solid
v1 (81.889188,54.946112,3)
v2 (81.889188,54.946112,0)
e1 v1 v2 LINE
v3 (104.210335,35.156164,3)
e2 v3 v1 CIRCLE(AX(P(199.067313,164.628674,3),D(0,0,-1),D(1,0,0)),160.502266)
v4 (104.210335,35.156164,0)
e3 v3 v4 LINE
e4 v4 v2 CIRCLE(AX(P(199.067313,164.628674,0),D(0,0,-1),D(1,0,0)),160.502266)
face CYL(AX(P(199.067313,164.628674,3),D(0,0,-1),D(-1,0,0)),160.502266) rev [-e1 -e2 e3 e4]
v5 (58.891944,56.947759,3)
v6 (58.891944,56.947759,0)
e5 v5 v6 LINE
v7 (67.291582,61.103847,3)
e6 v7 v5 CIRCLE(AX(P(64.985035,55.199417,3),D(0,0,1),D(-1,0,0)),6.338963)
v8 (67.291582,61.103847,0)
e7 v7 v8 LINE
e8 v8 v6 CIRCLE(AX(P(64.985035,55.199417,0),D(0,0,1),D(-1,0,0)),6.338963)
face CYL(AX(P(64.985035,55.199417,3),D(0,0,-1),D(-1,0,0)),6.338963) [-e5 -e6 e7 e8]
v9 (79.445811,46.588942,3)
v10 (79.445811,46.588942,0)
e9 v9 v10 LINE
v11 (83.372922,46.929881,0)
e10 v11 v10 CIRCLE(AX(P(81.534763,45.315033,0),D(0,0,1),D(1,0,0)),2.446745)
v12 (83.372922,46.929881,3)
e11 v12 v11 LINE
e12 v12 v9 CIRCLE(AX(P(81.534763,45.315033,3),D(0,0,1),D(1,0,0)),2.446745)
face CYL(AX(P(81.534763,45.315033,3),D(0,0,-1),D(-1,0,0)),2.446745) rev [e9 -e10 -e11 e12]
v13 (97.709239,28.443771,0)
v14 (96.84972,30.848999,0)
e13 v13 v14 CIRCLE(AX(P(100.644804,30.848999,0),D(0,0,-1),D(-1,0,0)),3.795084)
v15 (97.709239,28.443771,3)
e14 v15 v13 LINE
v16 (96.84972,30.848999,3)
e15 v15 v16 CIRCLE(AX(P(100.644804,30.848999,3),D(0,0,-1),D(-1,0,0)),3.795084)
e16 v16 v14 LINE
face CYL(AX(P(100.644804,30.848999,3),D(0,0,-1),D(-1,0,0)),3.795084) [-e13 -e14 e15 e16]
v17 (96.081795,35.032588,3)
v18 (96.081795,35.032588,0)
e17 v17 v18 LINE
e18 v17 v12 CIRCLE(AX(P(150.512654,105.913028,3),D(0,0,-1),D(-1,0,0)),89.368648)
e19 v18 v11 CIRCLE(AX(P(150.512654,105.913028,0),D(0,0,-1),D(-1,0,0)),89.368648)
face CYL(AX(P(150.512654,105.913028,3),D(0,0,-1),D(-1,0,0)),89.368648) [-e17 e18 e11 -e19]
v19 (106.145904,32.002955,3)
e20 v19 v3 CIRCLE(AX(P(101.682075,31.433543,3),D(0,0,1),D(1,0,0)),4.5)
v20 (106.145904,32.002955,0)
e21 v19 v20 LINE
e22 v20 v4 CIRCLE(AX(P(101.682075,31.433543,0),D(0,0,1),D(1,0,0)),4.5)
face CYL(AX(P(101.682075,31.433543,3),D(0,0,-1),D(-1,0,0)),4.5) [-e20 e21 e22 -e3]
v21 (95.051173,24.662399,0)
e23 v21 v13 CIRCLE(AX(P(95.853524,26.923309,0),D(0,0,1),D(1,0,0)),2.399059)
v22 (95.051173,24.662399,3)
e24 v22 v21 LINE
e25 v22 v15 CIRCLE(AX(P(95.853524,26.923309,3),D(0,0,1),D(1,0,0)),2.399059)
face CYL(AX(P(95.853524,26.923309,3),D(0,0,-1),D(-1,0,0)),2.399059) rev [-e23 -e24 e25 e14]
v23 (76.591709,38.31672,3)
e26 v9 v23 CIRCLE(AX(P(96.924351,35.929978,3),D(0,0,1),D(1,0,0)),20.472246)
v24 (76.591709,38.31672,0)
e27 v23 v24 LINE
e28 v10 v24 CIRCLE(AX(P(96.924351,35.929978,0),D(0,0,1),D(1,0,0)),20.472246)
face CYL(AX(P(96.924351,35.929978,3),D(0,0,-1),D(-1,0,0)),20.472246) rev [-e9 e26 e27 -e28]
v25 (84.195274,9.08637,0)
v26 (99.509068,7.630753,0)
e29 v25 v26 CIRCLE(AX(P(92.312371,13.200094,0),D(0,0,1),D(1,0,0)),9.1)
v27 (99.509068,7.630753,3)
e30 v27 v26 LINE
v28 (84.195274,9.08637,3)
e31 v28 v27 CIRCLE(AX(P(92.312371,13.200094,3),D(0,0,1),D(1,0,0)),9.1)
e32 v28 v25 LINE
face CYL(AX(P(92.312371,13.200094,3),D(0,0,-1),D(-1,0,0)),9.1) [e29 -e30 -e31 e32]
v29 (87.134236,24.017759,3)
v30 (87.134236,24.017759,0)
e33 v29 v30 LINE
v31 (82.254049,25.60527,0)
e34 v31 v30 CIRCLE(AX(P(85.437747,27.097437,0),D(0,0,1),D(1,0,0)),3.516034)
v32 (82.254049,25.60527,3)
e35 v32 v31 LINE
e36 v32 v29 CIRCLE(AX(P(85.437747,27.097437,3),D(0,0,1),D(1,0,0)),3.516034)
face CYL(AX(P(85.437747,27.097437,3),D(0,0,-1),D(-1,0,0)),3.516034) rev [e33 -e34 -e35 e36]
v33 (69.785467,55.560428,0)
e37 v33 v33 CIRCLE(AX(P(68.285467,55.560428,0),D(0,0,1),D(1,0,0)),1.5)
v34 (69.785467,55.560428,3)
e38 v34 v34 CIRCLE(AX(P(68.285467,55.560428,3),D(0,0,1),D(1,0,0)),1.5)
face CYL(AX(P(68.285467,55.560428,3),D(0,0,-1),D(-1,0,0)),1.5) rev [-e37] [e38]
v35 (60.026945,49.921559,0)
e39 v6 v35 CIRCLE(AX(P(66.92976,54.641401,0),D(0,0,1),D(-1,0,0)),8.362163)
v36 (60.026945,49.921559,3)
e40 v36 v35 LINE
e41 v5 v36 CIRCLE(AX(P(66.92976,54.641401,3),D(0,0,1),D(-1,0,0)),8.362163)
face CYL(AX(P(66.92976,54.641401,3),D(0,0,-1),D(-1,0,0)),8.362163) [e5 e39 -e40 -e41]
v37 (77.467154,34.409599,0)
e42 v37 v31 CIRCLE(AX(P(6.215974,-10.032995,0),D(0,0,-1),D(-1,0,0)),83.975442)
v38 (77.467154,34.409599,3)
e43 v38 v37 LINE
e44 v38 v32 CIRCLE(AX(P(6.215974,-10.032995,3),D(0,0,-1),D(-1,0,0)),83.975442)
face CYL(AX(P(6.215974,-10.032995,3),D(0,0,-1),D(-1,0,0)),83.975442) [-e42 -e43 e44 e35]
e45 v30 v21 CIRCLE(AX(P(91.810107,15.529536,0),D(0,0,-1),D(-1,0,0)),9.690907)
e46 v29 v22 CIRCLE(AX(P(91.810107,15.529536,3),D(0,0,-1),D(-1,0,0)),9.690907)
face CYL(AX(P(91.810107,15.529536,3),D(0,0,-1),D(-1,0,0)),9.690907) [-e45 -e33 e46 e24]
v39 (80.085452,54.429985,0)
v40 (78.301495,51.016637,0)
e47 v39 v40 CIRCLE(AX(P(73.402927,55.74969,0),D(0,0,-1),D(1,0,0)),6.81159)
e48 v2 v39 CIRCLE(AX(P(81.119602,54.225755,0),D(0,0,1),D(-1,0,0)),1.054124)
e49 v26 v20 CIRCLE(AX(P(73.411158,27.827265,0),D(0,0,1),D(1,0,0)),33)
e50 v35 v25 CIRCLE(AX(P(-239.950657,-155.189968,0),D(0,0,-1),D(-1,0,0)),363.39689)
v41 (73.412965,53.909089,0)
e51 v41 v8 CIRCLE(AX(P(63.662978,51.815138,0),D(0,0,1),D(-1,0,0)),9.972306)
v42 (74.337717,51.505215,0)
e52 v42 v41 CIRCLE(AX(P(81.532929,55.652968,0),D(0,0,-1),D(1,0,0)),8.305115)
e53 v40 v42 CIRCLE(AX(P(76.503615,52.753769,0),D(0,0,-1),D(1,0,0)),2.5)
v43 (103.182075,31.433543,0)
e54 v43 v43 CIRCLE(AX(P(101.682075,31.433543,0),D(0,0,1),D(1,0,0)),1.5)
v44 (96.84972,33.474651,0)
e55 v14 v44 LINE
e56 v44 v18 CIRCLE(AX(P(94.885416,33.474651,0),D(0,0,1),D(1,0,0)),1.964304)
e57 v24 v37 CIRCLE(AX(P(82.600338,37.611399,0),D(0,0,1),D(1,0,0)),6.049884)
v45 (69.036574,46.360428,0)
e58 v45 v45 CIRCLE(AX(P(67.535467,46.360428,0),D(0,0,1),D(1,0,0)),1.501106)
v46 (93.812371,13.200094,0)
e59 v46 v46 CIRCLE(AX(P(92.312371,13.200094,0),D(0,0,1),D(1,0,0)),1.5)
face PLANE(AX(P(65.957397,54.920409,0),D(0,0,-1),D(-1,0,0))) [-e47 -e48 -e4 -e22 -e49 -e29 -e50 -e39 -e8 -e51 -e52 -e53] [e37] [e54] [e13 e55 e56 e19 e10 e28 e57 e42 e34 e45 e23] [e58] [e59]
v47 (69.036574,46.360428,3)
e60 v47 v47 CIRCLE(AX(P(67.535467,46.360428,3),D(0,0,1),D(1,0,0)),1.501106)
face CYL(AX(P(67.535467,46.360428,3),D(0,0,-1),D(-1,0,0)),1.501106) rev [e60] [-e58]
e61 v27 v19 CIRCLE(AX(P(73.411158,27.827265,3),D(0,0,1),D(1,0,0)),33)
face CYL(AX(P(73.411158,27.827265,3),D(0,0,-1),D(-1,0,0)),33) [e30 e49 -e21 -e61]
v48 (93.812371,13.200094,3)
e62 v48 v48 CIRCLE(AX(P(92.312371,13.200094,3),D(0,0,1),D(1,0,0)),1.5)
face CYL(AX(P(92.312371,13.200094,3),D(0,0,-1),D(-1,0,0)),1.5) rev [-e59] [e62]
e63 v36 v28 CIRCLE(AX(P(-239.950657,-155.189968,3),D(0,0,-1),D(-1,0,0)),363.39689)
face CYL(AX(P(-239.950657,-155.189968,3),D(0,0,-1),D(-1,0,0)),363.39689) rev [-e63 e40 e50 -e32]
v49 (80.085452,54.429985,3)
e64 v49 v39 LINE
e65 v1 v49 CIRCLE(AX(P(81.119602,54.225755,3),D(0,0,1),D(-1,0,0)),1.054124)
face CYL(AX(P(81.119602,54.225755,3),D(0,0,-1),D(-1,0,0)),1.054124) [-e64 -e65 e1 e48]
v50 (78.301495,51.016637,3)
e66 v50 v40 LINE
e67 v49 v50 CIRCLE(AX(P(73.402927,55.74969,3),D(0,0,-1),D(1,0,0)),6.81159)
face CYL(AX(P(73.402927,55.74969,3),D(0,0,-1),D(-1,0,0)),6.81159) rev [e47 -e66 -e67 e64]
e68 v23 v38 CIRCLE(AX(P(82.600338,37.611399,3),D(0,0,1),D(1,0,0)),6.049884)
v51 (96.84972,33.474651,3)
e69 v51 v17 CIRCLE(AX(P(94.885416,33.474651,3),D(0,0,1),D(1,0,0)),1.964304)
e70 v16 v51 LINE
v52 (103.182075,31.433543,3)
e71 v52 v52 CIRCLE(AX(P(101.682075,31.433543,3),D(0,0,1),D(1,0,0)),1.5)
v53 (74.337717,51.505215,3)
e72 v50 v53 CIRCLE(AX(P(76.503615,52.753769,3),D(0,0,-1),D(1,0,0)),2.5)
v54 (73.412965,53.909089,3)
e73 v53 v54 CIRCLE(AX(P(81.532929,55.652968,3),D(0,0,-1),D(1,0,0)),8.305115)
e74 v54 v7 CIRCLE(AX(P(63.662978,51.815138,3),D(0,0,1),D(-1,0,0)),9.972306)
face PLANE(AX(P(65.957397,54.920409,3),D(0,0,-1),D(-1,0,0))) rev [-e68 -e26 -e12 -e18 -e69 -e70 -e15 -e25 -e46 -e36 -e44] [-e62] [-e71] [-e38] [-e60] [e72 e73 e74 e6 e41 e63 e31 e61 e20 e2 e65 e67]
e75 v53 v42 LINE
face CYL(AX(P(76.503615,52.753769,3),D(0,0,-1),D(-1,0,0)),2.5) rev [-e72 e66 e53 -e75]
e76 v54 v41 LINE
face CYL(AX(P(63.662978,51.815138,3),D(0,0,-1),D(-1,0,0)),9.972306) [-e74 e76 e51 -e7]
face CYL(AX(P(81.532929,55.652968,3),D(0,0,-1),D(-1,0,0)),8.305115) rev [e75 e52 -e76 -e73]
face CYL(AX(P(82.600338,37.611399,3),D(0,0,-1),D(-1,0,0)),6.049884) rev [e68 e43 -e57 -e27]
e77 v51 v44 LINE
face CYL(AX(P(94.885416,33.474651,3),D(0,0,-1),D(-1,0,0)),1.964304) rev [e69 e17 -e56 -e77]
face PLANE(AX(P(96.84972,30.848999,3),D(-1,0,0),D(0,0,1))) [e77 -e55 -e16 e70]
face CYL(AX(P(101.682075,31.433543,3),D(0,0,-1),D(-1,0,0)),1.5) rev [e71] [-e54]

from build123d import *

# Parameters (mm, degrees)
ESQUISSE1_R        = 1.5
ESQUISSE1_R_2      = 1.50110642
BOSS_EXTRU_1_DEPTH = 3


with BuildPart() as part:
    # Esquisse1 → Boss.-Extru.1 (new body)
    with BuildSketch(Plane.XY):
        with BuildLine():
            ThreePointArc((60.026944648, 49.921558504), (72.778337749, 29.898863696), (84.195273994, 9.086369847))
            ThreePointArc((84.195273994, 9.086369847), (91.451273571, 4.140927091), (99.509067829, 7.630753106))
            ThreePointArc((99.509067829, 7.630753106), (105.251720368, 19.156706799), (106.145904128, 32.002955361))
            ThreePointArc((106.145904128, 32.002955361), (105.517176975, 33.787686969), (104.210334733, 35.15616353))
            ThreePointArc((104.210334733, 35.15616353), (92.58899703, 44.531440422), (81.889188019, 54.946112475))
            ThreePointArc((81.889188019, 54.946112475), (80.829609942, 55.239205413), (80.085451585, 54.429985101))
            ThreePointArc((80.085451585, 54.429985101), (79.43974416, 52.594599516), (78.30149473, 51.016636729))
            ThreePointArc((78.30149473, 51.016636729), (76.19777745, 50.272546762), (74.337717048, 51.505215238))
            ThreePointArc((74.337717048, 51.505215238), (73.781586954, 52.671085372), (73.412965229, 53.909088553))
            ThreePointArc((73.412965229, 53.909088553), (71.258227235, 58.277263879), (67.291581582, 61.103847288))
            ThreePointArc((67.291581582, 61.103847288), (62.173852637, 60.880940246), (58.891944342, 56.947758957))
            ThreePointArc((58.891944342, 56.947758957), (58.674610839, 53.307878055), (60.026944648, 49.921558504))
        make_face()
        with Locations((68.285467108, 55.560427953)):
            Circle(ESQUISSE1_R, mode=Mode.SUBTRACT)
        with Locations((101.682075096, 31.433543054)):
            Circle(ESQUISSE1_R, mode=Mode.SUBTRACT)
        with Locations((92.312371453, 13.200094295)):
            Circle(ESQUISSE1_R, mode=Mode.SUBTRACT)
        with Locations((67.535467108, 46.360427953)):
            Circle(ESQUISSE1_R_2, mode=Mode.SUBTRACT)
        with BuildLine():
            Line((96.849719723, 30.848999233), (96.849719723, 33.474650871))
            ThreePointArc((96.849719723, 33.474650871), (96.647309876, 34.343108764), (96.081794601, 35.032587793))
            ThreePointArc((96.081794601, 35.032587793), (89.436975045, 40.671042336), (83.372922141, 46.929880801))
            ThreePointArc((83.372922141, 46.929880801), (81.323140328, 47.752609653), (79.445810973, 46.588941858))
            ThreePointArc((79.445810973, 46.588941858), (77.571604785, 42.607109512), (76.591708968, 38.316720036))
            ThreePointArc((76.591708968, 38.316720036), (76.69683067, 36.288635677), (77.467153905, 34.409598995))
            ThreePointArc((77.467153905, 34.409598995), (79.992055499, 30.078906011), (82.254048976, 25.605270433))
            ThreePointArc((82.254048976, 25.605270433), (84.350090923, 23.753861276), (87.134236378, 24.017758597))
            ThreePointArc((87.134236378, 24.017758597), (91.023623533, 25.188476532), (95.051173024, 24.662398573))
            ThreePointArc((95.051173024, 24.662398573), (97.816197879, 25.543673578), (97.709238653, 28.443771474))
            ThreePointArc((97.709238653, 28.443771474), (97.07105369, 29.571903567), (96.849719723, 30.848999233))
        make_face(mode=Mode.SUBTRACT)
    extrude(amount=BOSS_EXTRU_1_DEPTH)


solid = part.part
